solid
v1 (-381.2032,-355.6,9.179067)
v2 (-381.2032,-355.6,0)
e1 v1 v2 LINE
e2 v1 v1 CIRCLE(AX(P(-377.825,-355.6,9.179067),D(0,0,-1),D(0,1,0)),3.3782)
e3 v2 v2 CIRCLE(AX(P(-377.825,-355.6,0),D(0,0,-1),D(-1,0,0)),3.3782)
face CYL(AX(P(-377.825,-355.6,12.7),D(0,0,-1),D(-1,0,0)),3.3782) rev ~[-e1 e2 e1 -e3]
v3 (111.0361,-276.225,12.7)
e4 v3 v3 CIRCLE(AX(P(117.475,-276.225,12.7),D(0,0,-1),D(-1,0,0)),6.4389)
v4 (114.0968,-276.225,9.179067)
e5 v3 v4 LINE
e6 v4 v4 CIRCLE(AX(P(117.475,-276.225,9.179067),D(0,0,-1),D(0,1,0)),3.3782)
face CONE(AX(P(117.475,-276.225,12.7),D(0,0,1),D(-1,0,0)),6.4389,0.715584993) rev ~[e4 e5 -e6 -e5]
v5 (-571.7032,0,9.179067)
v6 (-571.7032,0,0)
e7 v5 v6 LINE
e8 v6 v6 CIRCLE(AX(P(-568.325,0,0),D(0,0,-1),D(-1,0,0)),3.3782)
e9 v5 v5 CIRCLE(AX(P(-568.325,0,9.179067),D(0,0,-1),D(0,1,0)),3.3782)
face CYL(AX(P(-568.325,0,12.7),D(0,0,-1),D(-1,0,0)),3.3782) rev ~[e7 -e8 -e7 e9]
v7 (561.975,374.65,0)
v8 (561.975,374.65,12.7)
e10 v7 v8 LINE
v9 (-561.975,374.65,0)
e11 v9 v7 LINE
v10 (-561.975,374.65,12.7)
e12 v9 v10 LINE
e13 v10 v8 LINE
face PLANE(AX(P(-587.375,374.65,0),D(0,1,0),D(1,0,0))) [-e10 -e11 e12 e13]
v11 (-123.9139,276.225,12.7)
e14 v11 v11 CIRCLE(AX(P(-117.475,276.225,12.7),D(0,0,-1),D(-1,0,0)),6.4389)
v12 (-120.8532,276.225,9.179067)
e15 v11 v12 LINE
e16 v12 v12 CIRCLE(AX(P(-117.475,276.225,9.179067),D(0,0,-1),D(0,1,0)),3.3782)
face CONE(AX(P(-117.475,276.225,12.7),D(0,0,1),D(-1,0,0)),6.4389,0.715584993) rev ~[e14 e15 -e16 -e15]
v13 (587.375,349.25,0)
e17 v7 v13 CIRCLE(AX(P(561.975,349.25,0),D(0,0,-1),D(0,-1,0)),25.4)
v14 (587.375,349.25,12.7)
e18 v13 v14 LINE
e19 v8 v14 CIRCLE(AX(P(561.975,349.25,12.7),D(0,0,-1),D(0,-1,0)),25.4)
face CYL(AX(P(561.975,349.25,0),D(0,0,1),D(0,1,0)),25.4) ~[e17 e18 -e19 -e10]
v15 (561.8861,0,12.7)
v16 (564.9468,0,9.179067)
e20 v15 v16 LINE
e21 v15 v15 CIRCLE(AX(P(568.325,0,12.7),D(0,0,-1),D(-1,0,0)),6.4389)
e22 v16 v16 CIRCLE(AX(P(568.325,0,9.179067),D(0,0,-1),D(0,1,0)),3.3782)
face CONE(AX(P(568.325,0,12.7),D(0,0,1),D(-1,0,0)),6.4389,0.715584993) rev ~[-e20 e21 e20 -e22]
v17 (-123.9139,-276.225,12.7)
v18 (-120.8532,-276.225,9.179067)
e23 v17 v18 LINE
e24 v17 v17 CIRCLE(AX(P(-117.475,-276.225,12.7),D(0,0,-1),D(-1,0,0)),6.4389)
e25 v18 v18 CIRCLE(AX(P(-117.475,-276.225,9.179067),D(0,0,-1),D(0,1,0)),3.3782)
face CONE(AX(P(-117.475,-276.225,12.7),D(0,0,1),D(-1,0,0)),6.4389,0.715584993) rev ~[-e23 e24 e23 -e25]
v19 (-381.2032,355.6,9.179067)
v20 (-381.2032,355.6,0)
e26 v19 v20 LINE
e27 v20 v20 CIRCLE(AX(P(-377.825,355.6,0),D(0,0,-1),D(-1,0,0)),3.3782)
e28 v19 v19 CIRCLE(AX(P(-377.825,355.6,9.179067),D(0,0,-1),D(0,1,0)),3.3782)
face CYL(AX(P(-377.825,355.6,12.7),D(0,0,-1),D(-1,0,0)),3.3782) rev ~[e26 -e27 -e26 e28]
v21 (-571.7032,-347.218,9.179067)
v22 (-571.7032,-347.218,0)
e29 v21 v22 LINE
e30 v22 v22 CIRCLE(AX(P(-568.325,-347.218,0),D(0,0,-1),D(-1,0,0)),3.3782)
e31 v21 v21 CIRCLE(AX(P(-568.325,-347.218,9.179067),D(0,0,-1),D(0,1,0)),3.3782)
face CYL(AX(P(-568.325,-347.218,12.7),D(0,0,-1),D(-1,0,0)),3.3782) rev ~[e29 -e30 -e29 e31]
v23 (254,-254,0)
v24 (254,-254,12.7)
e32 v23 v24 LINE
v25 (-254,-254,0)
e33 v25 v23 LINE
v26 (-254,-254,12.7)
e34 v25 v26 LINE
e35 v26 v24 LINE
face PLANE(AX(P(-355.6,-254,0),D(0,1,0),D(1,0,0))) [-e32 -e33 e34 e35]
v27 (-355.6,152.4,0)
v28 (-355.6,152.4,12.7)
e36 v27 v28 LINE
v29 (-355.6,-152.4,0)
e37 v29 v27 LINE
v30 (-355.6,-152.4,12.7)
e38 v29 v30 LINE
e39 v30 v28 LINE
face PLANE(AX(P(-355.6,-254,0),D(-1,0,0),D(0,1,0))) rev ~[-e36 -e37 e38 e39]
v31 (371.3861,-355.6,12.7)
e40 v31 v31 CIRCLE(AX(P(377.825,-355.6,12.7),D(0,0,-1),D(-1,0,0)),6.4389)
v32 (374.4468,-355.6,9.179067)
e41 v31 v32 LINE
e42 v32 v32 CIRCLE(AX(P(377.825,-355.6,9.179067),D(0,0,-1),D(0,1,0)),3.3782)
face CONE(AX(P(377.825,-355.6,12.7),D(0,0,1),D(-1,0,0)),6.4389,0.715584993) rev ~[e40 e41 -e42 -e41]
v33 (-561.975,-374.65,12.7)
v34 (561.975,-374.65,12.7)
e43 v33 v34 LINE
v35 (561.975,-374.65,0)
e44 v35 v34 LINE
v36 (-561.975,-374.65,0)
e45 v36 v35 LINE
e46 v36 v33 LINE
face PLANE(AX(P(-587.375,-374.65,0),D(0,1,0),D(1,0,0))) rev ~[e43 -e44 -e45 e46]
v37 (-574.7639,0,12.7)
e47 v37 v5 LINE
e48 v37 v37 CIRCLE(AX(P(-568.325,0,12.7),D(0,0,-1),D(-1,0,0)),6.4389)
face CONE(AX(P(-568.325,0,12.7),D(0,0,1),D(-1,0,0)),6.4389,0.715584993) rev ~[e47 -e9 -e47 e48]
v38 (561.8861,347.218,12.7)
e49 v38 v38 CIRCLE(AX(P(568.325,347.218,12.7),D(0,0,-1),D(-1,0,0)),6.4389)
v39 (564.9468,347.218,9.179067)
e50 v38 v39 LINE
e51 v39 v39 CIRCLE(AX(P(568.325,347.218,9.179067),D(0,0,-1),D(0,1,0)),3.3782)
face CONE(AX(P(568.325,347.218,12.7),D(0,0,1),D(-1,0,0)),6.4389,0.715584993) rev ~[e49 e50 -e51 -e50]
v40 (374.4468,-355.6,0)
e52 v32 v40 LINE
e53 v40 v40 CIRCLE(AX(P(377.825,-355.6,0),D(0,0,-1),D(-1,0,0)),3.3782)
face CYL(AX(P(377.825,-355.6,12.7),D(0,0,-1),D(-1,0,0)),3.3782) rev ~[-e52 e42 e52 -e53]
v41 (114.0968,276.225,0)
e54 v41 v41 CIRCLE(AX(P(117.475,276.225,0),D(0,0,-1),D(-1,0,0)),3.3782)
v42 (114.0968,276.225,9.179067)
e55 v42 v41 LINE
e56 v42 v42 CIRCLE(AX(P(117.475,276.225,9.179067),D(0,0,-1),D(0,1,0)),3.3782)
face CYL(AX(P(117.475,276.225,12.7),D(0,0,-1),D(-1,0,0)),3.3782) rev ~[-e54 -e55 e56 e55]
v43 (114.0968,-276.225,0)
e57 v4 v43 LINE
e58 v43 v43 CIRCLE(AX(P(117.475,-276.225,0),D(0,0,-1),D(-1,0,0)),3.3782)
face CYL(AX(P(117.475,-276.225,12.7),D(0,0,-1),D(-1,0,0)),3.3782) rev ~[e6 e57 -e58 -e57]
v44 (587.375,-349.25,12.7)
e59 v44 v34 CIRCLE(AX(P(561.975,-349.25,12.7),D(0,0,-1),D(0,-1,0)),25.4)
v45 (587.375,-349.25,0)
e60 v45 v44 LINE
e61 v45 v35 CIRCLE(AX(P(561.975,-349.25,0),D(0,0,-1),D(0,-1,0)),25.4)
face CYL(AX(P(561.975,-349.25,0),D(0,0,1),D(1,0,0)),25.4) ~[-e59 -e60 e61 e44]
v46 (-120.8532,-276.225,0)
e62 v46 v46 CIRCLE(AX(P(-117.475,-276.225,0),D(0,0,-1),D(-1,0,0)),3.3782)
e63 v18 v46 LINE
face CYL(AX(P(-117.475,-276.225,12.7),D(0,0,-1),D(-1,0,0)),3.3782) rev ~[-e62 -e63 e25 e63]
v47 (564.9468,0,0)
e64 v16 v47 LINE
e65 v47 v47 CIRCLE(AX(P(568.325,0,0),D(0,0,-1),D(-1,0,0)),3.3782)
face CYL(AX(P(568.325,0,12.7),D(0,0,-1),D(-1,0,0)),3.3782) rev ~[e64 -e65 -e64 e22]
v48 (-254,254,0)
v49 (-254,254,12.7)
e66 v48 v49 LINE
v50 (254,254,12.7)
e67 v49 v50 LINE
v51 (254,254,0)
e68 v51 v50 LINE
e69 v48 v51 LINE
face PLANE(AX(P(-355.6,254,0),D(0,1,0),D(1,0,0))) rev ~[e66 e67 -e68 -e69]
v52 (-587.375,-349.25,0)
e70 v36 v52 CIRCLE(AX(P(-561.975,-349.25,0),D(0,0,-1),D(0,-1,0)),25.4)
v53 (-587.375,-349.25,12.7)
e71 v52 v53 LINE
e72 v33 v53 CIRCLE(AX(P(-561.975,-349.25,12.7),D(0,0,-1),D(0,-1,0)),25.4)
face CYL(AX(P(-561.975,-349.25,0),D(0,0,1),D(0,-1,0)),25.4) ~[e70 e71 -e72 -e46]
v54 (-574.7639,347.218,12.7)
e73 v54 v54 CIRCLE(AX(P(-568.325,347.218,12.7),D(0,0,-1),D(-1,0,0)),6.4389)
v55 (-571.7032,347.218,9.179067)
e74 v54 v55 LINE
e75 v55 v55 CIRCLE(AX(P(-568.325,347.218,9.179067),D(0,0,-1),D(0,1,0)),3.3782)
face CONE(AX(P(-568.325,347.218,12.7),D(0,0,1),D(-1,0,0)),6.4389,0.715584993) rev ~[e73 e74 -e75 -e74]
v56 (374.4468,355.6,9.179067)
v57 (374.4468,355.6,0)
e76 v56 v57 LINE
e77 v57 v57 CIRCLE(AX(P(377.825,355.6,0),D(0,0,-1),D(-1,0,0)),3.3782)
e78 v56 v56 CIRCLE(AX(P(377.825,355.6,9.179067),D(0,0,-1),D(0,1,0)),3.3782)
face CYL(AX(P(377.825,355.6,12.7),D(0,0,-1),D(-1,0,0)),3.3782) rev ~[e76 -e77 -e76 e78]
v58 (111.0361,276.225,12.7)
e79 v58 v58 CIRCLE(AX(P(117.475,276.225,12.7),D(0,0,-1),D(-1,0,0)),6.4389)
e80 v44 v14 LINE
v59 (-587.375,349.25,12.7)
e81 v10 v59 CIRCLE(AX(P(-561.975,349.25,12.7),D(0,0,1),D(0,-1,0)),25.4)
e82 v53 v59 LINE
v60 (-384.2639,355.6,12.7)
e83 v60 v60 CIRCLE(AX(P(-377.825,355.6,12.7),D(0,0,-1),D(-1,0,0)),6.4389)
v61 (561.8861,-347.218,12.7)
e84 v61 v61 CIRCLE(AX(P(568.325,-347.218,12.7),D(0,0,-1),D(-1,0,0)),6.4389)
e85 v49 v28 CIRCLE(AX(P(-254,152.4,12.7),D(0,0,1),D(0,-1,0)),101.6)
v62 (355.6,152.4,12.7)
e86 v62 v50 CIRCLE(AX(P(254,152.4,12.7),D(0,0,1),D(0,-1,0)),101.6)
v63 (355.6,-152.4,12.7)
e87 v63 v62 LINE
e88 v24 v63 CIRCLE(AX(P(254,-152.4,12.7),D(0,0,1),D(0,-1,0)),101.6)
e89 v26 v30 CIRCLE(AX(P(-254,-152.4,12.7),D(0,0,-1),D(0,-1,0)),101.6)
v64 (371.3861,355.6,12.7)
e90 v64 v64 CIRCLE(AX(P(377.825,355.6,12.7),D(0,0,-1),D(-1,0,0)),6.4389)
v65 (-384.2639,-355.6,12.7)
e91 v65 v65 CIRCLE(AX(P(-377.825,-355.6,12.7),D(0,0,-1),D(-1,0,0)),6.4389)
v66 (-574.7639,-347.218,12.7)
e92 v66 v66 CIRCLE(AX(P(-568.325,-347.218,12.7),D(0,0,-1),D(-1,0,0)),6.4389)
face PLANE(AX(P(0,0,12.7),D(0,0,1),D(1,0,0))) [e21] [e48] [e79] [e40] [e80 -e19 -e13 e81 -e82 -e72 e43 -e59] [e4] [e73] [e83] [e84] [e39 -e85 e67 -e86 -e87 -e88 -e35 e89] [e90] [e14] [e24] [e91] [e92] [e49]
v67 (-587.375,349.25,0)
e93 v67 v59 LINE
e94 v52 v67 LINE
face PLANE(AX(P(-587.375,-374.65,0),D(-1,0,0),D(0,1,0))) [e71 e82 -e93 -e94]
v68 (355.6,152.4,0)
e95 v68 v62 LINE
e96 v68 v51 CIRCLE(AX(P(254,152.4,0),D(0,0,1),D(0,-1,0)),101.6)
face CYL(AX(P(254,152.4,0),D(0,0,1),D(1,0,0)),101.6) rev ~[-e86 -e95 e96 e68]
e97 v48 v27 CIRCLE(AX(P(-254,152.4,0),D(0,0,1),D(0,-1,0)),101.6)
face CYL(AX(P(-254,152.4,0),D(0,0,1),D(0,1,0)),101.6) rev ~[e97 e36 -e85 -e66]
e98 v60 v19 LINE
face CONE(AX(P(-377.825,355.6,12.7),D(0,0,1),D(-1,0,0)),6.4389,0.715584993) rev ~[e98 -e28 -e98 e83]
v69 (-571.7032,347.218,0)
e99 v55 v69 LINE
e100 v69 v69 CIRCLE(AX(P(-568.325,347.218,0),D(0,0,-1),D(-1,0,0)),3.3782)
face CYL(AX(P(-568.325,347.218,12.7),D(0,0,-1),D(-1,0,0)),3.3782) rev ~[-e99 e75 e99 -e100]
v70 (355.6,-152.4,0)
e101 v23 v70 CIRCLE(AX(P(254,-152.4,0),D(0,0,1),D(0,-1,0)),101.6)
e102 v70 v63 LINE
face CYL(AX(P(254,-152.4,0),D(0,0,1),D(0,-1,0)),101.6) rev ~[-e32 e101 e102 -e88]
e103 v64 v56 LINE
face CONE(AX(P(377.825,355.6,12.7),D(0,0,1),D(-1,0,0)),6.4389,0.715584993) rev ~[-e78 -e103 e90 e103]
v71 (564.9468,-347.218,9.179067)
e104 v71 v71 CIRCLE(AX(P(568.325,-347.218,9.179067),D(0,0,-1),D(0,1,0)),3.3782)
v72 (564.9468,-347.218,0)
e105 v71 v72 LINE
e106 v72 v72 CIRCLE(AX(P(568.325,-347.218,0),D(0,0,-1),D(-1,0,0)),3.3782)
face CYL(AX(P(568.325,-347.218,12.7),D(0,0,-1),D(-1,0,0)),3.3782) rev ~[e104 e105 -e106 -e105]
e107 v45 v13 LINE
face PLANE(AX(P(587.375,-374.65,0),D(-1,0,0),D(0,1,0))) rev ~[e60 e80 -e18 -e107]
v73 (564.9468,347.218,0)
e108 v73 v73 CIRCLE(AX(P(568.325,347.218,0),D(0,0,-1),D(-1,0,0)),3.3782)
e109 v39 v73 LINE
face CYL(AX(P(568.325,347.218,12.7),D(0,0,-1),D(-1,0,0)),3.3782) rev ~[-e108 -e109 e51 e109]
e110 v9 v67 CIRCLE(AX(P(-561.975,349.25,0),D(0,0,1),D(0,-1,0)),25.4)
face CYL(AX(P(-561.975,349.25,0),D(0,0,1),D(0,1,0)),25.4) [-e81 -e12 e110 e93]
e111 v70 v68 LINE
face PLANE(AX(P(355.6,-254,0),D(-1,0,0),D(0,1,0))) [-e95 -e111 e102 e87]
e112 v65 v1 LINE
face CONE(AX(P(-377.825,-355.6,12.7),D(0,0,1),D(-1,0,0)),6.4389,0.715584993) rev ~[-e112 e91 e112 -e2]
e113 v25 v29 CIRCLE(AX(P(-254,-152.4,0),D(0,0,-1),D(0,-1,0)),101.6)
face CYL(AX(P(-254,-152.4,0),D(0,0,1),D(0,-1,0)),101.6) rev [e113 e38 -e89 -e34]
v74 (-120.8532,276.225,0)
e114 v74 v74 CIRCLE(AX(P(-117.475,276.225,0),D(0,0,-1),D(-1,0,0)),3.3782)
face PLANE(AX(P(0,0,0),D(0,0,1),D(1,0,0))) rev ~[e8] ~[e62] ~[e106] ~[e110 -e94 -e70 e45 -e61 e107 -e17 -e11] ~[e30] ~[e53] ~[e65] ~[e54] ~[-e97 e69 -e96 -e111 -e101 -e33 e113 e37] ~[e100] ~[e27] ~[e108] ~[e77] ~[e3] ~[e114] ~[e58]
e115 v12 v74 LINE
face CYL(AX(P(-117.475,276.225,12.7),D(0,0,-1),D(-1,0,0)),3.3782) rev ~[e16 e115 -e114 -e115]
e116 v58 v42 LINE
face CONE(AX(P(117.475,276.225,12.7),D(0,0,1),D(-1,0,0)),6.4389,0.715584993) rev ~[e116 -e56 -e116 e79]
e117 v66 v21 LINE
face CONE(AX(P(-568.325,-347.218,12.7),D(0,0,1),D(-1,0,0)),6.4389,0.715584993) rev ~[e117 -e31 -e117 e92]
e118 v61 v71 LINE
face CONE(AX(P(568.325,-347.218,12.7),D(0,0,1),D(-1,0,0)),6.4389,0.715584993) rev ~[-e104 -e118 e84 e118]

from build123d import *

# Parameters (mm, degrees)
SKETCH1_W                                        = 1174.75
SKETCH1_H                                        = 749.3
SKETCH1_W_2                                      = 711.2
SKETCH1_H_2                                      = 508
BOSS_EXTRUDE1_DEPTH                              = 12.7
FILLET1_R                                        = 101.6
CSK_FOR_1_4_FLAT_HEAD_MACHINE_SCREW1_D           = 6.7564
CSK_FOR_1_4_FLAT_HEAD_MACHINE_SCREW1_CSINK_D     = 12.8778
CSK_FOR_1_4_FLAT_HEAD_MACHINE_SCREW1_CSINK_ANGLE = 82
FILLET2_R                                        = 25.4


with BuildPart() as part:
    # Sketch1 → Boss-Extrude1 (new body)
    with BuildSketch(Plane.XY):
        Rectangle(SKETCH1_W, SKETCH1_H)
        Rectangle(SKETCH1_W_2, SKETCH1_H_2, mode=Mode.SUBTRACT)
    extrude(amount=BOSS_EXTRUDE1_DEPTH)

    # Fillet1
    fillet1_edges = [part.edges().sort_by_distance(p)[0] for p in [
        (355.6, -254, 6.35),
        (355.6, 254, 6.35),
        (-355.6, 254, 6.35),
        (-355.6, -254, 6.35),
    ]]
    fillet(fillet1_edges, radius=FILLET1_R)

    # CSK for 1/4 Flat Head Machine Screw1 (through all)
    with Locations(Plane.XY.offset(12.7)):
        with Locations((-568.325, -347.218), (-568.325, 0), (-377.825, 355.6), (-377.825, -355.6), (-568.325, 347.218), (377.825, -355.6), (568.325, -347.218), (568.325, 0), (568.325, 347.218), (377.825, 355.6), (-117.475, -276.225), (-117.475, 276.225), (117.475, 276.225), (117.475, -276.225)):
            CounterSinkHole(CSK_FOR_1_4_FLAT_HEAD_MACHINE_SCREW1_D / 2, CSK_FOR_1_4_FLAT_HEAD_MACHINE_SCREW1_CSINK_D / 2, counter_sink_angle=CSK_FOR_1_4_FLAT_HEAD_MACHINE_SCREW1_CSINK_ANGLE)

    # Fillet2
    fillet2_edges = [part.edges().sort_by_distance(p)[0] for p in [
        (587.375, -374.65, 6.35),
        (-587.375, -374.65, 6.35),
        (-587.375, 374.65, 6.35),
        (587.375, 374.65, 6.35),
    ]]
    fillet(fillet2_edges, radius=FILLET2_R)


solid = part.part
